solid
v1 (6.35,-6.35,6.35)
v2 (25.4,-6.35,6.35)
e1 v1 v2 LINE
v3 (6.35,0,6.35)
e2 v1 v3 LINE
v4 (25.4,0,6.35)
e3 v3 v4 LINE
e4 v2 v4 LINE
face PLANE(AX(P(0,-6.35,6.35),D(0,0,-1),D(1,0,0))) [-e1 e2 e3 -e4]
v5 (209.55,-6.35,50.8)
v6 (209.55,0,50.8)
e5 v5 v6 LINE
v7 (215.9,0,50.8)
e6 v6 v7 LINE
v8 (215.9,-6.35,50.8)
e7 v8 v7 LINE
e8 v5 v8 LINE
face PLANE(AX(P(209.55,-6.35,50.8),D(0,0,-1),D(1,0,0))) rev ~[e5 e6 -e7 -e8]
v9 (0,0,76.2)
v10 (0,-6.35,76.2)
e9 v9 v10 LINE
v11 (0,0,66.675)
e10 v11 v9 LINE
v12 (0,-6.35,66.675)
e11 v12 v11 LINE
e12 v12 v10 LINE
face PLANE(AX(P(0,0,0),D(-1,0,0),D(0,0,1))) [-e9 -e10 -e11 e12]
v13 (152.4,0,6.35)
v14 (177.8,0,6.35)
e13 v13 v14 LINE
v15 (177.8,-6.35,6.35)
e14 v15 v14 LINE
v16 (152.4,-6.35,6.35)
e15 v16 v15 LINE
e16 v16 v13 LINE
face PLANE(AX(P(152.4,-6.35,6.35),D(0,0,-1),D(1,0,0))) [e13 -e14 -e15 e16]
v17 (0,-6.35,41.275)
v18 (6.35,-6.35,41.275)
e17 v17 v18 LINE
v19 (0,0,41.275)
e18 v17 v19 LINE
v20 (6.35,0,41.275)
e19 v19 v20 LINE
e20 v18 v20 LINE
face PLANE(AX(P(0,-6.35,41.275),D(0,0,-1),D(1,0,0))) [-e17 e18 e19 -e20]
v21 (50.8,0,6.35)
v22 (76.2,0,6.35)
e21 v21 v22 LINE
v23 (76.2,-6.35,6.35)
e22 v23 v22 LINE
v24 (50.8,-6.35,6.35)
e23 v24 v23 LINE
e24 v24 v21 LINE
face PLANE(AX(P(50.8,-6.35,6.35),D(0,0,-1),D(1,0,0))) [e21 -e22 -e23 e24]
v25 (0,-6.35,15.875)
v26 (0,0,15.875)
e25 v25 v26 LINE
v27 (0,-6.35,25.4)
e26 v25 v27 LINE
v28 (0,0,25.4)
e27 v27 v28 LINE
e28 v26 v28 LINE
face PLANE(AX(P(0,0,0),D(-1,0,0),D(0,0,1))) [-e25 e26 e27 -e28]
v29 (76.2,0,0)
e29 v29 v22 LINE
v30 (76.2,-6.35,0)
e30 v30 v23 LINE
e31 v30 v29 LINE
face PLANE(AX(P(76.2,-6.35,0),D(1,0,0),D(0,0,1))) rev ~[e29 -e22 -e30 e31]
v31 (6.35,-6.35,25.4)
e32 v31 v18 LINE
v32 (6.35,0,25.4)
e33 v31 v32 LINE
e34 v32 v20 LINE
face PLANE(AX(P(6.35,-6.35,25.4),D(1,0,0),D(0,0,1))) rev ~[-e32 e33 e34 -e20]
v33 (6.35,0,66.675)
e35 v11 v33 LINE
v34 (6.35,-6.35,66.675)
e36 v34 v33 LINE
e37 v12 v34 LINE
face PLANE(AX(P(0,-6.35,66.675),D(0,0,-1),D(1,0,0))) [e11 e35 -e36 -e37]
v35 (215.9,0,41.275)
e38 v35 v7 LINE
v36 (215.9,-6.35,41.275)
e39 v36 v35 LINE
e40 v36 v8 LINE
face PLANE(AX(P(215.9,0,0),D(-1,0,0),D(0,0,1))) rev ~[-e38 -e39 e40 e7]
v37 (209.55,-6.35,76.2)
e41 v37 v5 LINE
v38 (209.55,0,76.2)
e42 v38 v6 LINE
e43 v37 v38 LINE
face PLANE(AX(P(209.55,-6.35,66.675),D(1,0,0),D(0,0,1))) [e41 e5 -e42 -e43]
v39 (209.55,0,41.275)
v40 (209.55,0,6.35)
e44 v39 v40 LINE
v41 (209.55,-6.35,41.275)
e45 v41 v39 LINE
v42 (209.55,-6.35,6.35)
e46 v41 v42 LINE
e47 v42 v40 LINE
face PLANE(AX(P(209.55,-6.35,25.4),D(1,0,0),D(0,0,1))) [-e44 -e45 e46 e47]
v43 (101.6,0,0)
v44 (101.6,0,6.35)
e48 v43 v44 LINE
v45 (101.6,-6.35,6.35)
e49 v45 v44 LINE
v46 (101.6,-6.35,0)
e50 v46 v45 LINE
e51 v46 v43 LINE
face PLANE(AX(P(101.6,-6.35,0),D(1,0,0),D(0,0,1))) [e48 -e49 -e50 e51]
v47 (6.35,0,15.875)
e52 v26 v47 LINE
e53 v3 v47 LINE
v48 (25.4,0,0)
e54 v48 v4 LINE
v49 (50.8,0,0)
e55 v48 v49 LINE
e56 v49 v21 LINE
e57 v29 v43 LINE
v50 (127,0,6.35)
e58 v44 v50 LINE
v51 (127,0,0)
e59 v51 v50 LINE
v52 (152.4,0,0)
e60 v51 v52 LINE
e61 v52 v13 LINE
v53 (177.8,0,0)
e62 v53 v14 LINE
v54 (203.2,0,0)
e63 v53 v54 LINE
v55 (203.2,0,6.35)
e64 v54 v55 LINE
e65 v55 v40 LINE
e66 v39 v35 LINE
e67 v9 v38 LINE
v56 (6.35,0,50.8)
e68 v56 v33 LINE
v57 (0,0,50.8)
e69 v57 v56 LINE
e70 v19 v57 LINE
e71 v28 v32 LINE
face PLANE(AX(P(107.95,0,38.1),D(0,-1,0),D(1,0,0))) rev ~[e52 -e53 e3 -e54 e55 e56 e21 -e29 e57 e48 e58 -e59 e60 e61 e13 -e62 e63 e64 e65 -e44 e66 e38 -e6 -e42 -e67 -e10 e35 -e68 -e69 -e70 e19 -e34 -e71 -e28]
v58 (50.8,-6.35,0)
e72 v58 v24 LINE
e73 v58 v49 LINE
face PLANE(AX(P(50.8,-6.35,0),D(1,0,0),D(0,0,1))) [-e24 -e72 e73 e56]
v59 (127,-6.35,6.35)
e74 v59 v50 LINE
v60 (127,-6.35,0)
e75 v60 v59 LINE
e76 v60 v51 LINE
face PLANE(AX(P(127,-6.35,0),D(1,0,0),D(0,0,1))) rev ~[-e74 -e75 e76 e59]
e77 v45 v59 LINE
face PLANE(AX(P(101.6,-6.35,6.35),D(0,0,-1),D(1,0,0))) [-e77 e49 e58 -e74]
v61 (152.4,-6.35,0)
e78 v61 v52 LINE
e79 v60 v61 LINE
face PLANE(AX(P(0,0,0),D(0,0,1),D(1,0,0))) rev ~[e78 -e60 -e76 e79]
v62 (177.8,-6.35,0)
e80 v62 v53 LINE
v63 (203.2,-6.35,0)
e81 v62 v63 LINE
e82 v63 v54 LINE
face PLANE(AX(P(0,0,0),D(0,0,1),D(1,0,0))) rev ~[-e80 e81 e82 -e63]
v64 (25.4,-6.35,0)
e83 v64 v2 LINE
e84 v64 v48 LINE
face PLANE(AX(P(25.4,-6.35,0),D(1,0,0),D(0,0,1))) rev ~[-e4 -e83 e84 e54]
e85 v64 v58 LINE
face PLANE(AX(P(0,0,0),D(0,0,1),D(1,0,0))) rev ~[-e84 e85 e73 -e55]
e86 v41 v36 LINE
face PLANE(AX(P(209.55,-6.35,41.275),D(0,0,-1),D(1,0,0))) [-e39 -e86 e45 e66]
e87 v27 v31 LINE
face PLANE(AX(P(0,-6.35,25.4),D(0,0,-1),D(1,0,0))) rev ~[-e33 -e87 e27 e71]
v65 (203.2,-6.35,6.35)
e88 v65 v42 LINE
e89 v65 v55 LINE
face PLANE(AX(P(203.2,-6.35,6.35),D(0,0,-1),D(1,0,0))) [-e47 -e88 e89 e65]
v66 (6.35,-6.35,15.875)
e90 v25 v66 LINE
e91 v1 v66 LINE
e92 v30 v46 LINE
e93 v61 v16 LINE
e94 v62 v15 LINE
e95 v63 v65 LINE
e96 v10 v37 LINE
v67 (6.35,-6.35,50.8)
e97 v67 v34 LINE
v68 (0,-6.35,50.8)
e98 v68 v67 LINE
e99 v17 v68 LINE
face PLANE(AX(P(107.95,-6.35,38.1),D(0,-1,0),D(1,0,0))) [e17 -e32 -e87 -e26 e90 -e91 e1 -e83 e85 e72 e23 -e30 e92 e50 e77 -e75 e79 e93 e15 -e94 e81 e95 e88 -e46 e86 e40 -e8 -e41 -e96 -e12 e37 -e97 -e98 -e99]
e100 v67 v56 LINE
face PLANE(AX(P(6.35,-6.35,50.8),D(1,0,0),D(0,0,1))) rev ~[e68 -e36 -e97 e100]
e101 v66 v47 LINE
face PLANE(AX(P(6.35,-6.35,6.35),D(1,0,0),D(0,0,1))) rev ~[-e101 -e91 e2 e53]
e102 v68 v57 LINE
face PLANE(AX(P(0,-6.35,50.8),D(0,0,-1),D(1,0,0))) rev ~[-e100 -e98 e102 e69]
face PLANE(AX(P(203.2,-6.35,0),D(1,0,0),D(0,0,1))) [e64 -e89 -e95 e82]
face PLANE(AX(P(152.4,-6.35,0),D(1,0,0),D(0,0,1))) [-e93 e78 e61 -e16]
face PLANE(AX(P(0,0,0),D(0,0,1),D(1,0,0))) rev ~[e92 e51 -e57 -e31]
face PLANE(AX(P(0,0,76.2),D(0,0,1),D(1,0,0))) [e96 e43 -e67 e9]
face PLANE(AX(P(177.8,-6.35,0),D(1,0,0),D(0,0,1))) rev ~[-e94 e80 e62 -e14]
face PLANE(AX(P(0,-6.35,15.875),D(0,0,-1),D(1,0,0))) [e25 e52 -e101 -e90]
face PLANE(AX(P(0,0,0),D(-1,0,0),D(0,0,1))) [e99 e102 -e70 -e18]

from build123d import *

# Parameters (mm, degrees)
F0_W     = 215.9
F0_H     = 76.2
F1_DEPTH = 6.35
F2_W     = 6.35
F2_H     = 15.875
F2_H_2   = 9.525
F3_DEPTH = 6.35
F4_W     = 25.4
F4_H     = 6.35
F5_DEPTH = 6.351
F6_W     = 6.35
F6_H     = 9.525
F7_DEPTH = 6.35


with BuildPart() as f1:
    # F0 (on Front) → F1 (new body)
    with BuildSketch(Plane.XZ):
        with Locations((107.95, 38.1)):
            Rectangle(F0_W, F0_H)
    extrude(amount=F1_DEPTH)

    # F2 (on face) → F3 (cut, through all)
    with BuildSketch(Plane.XZ.offset(6.35)):
        with Locations((3.175, 58.7375)):
            Rectangle(F2_W, F2_H)
        with Locations((3.175, 33.3375)):
            Rectangle(F2_W, F2_H)
        with Locations((3.175, 11.1125)):
            Rectangle(F2_W, F2_H_2)
        with Locations((212.725, 11.1125)):
            Rectangle(F2_W, F2_H_2)
        with Locations((212.725, 33.3375)):
            Rectangle(F2_W, F2_H)
        with Locations((212.725, 58.7375)):
            Rectangle(F2_W, F2_H)
    extrude(amount=-F3_DEPTH, mode=Mode.SUBTRACT)

    # F4 (on face) → F5 (cut, through all)
    with BuildSketch(Plane.XZ.offset(6.35)):
        with Locations((12.7, 3.175)):
            Rectangle(F4_W, F4_H)
        with Locations((63.5, 3.175)):
            Rectangle(F4_W, F4_H)
        with Locations((114.3, 3.175)):
            Rectangle(F4_W, F4_H)
        with Locations((165.1, 3.175)):
            Rectangle(F4_W, F4_H)
        with Locations((215.9, 3.175)):
            Rectangle(F4_W, F4_H)
    extrude(amount=-F5_DEPTH, mode=Mode.SUBTRACT)

    # F6 (on face) → F7 (cut, through all)
    with BuildSketch(Plane.XZ.offset(6.35)):
        with Locations((212.725, 20.6375)):
            Rectangle(F6_W, F6_H)
        with Locations((212.725, 71.4375)):
            Rectangle(F6_W, F6_H)
    extrude(amount=-F7_DEPTH, mode=Mode.SUBTRACT)


solid = f1.part
